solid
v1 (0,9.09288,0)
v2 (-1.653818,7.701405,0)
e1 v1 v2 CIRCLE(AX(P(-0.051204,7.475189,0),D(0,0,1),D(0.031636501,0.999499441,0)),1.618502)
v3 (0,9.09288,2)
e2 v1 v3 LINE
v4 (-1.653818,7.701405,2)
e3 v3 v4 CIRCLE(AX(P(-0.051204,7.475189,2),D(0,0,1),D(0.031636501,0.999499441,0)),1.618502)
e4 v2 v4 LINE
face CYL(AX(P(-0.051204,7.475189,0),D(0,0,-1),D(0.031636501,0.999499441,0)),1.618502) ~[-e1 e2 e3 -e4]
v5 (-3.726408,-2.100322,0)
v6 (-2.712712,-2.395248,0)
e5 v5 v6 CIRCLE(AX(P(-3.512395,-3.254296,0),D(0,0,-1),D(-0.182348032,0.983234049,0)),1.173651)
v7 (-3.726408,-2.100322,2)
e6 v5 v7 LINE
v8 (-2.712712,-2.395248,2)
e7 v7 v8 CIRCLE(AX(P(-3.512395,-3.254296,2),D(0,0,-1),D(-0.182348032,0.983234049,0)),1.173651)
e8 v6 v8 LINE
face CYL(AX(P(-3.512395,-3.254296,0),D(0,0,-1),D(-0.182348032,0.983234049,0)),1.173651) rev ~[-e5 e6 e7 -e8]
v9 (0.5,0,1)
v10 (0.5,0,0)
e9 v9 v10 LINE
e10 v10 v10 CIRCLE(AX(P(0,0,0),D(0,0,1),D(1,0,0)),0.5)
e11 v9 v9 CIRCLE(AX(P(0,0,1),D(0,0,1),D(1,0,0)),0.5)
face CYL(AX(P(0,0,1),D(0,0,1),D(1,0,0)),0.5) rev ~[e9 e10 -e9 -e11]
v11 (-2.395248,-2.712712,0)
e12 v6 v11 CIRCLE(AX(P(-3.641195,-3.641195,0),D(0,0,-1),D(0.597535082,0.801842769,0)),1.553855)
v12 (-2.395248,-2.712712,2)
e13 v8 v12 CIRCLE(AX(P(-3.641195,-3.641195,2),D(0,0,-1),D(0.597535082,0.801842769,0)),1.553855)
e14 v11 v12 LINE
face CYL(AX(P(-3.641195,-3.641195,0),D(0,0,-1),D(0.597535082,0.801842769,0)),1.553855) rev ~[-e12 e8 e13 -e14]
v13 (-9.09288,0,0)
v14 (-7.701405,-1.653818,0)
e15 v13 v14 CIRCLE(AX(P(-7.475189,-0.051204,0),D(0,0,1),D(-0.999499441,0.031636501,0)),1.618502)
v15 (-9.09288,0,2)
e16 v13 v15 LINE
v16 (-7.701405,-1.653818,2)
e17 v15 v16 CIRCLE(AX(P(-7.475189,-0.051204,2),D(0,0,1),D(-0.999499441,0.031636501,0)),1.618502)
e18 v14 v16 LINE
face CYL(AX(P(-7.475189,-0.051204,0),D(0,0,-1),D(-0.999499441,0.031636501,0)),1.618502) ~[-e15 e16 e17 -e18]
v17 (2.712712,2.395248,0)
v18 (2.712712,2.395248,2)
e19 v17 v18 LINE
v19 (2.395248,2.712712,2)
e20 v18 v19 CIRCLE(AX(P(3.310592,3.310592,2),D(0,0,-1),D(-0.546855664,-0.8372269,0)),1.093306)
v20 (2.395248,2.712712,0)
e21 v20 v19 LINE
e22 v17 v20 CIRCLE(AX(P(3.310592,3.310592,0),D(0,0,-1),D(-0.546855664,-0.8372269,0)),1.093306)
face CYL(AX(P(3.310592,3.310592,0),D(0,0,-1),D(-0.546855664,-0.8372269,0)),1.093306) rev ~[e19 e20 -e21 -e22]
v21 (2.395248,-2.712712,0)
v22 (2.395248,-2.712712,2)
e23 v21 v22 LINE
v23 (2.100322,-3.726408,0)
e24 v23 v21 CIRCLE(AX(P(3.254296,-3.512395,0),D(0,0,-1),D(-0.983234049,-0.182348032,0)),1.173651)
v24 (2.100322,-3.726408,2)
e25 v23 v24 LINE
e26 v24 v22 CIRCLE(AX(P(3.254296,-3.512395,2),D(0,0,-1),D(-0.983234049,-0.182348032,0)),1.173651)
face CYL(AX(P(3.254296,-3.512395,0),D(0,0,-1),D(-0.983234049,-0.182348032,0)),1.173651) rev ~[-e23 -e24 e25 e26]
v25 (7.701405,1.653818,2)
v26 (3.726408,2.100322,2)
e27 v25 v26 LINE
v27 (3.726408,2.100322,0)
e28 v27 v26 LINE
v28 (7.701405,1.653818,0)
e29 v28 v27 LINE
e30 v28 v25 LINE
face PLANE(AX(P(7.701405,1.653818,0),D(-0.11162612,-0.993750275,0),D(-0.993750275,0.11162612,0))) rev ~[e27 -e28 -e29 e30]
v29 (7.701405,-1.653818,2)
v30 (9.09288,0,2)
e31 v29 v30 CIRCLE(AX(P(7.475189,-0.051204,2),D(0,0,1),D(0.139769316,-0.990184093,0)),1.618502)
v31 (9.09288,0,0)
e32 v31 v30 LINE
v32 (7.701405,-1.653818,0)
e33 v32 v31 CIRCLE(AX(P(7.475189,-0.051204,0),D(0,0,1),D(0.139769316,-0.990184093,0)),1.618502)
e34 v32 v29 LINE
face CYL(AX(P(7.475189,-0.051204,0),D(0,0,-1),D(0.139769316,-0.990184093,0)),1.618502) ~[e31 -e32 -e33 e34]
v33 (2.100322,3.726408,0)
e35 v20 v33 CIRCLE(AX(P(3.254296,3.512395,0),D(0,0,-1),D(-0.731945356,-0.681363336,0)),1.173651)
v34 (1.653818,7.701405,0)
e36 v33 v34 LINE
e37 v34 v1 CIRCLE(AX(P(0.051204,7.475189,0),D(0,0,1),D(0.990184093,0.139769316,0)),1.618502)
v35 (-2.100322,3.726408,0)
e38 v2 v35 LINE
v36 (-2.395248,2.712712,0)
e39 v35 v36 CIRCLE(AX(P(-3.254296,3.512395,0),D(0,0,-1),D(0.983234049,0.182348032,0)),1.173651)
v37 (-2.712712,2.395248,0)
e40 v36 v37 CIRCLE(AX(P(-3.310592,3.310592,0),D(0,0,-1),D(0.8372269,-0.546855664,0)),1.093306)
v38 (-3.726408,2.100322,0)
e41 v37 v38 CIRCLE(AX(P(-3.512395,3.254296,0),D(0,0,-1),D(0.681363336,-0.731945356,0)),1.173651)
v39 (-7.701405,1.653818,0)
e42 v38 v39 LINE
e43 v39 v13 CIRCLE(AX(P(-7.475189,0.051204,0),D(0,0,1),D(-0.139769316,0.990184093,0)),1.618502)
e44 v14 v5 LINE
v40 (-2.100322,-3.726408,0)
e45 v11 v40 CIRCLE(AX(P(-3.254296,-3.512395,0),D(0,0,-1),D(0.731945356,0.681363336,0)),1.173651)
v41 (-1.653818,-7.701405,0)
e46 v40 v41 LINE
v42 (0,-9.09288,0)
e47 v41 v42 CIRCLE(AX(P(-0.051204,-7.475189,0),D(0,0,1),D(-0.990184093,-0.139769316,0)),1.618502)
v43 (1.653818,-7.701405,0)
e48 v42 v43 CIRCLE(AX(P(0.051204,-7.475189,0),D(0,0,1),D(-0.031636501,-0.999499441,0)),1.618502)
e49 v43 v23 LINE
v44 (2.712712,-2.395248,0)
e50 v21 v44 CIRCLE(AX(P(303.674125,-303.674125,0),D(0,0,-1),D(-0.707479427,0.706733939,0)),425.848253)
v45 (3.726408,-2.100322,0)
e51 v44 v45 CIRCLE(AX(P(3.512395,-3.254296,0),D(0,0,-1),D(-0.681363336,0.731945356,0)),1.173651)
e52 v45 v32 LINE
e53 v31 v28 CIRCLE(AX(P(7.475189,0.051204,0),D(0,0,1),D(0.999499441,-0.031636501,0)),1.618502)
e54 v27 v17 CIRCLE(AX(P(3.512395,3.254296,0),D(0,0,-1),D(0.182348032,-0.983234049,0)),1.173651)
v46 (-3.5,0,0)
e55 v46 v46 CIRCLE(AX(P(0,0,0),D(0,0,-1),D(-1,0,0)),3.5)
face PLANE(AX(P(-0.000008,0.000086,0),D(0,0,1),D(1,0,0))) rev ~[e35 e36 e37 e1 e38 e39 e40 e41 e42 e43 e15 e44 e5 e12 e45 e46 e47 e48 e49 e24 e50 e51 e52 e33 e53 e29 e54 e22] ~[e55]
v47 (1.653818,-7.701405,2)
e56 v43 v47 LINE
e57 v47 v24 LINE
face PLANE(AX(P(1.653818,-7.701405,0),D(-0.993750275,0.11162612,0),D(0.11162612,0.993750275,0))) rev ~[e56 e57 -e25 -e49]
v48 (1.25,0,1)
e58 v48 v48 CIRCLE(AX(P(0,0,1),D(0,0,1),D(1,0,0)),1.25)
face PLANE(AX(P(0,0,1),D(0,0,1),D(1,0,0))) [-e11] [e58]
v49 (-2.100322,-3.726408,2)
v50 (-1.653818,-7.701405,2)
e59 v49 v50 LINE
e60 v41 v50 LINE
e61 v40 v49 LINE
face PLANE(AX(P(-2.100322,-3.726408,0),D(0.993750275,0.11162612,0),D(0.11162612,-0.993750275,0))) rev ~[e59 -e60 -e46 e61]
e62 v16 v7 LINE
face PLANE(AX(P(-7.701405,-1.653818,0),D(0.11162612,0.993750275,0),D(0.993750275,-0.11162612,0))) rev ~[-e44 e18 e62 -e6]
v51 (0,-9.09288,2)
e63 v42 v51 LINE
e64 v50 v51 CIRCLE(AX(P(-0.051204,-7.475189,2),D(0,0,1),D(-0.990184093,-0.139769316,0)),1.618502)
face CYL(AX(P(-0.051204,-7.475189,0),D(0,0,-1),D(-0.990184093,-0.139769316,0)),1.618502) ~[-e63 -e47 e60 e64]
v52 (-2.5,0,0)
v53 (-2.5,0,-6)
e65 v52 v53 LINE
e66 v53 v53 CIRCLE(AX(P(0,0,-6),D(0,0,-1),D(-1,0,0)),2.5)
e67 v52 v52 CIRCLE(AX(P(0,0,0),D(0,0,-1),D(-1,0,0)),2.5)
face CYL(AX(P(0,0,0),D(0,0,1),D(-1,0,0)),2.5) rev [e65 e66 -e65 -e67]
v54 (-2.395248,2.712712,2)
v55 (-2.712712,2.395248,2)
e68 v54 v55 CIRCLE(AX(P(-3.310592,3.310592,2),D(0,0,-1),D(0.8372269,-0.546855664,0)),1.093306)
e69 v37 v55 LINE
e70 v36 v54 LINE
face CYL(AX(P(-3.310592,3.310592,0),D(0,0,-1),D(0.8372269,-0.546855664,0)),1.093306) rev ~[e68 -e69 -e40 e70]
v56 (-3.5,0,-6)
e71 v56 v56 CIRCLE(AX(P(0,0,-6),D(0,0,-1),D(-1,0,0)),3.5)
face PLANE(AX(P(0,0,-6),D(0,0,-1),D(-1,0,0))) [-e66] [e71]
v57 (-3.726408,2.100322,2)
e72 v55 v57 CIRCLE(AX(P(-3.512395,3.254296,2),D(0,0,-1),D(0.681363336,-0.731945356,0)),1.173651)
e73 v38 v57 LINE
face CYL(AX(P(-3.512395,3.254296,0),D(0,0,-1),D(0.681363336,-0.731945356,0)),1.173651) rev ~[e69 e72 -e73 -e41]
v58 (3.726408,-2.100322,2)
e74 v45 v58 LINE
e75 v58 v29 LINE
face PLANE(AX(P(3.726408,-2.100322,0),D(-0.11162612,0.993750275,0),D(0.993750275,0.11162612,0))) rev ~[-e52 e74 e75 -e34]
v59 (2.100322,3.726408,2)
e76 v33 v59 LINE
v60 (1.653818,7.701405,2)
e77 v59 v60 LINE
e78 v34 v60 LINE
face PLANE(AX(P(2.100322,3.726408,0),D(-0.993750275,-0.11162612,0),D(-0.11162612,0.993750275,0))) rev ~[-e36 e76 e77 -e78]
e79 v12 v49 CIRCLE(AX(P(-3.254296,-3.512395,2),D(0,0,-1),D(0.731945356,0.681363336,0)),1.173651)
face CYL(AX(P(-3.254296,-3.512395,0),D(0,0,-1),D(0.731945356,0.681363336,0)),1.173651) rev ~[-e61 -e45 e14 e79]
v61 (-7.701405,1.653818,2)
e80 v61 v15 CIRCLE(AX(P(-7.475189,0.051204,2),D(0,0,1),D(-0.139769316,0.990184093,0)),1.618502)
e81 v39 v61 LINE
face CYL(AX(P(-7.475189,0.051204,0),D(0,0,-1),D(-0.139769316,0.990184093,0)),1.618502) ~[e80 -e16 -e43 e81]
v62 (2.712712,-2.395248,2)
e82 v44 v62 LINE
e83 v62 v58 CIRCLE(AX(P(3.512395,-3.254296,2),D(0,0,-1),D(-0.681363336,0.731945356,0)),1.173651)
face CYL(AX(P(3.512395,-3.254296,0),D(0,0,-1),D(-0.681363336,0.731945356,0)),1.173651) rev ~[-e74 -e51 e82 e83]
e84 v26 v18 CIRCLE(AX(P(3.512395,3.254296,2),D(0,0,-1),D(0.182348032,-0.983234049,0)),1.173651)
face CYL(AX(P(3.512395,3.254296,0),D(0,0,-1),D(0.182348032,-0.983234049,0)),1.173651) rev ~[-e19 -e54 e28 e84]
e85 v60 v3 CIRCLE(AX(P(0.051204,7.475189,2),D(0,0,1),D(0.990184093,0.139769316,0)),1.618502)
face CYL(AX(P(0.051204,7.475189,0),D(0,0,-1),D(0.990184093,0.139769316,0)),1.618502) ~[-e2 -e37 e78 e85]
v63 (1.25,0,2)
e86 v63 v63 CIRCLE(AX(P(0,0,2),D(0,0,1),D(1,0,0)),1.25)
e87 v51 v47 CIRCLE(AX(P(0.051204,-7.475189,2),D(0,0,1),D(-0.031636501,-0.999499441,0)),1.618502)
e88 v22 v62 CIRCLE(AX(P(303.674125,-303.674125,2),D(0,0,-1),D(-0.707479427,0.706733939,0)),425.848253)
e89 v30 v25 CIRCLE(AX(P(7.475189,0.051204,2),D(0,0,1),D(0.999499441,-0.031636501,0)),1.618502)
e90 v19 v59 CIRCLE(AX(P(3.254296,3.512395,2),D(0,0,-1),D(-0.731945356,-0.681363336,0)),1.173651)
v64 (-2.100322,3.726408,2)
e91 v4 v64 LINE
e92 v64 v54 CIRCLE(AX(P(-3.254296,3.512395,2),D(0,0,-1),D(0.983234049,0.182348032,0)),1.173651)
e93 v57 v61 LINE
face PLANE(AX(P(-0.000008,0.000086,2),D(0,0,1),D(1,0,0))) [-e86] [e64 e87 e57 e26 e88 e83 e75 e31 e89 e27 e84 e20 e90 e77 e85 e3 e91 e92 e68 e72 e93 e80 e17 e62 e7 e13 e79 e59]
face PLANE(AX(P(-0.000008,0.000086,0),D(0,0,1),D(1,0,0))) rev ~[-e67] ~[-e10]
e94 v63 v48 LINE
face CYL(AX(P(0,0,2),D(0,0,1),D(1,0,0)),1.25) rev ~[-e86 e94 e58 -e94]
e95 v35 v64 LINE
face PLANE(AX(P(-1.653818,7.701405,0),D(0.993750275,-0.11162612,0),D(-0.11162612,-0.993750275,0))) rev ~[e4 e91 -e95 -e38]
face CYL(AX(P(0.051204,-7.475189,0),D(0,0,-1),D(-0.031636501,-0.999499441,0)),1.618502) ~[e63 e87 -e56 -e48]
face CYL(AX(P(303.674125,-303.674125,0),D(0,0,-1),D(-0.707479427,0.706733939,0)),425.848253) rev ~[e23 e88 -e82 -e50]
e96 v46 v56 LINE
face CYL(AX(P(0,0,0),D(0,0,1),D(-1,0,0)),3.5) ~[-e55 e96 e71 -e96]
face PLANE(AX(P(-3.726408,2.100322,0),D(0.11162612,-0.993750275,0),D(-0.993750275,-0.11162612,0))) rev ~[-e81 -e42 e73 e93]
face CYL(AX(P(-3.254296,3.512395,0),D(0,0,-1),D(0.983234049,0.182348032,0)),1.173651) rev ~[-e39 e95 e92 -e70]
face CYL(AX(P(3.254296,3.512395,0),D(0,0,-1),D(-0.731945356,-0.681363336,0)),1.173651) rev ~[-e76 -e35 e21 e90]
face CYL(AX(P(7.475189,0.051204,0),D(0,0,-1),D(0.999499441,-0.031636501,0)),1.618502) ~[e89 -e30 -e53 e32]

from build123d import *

# Parameters (mm, degrees)
BOSS_EXTRUDE1_DEPTH = 2
SKETCH2_R           = 3.5
SKETCH2_R_2         = 2.5
BOSS_EXTRUDE2_DEPTH = 6
SKETCH3_R           = 1.25
CUT_EXTRUDE1_DEPTH  = 1
SKETCH4_R           = 0.5
CUT_EXTRUDE2_DEPTH  = 1


with BuildPart() as part:
    # Sketch1 → Boss-Extrude1 (new body)
    with BuildSketch(Plane.XY):
        with BuildLine():
            Line((1.653818246, -7.701405378), (2.100322305, -3.726408024))
            ThreePointArc((2.100322305, -3.726408024), (2.127371286, -3.184526841), (2.395247592, -2.712712102))
            ThreePointArc((2.395247592, -2.712712102), (2.55393801, -2.55393801), (2.712712102, -2.395247592))
            ThreePointArc((2.712712102, -2.395247592), (3.184526841, -2.127371286), (3.726408024, -2.100322305))
            Line((3.726408024, -2.100322305), (7.701405378, -1.653818246))
            ThreePointArc((7.701405378, -1.653818246), (8.713646486, -1.093206236), (9.092879943, 0))
            ThreePointArc((9.092879943, 0), (8.713646486, 1.093206236), (7.701405378, 1.653818246))
            Line((7.701405378, 1.653818246), (3.726408024, 2.100322305))
            ThreePointArc((3.726408024, 2.100322305), (3.184526841, 2.127371286), (2.712712102, 2.395247592))
            ThreePointArc((2.712712102, 2.395247592), (2.537508652, 2.537508652), (2.395247592, 2.712712102))
            ThreePointArc((2.395247592, 2.712712102), (2.127371286, 3.184526841), (2.100322305, 3.726408024))
            Line((2.100322305, 3.726408024), (1.653818246, 7.701405378))
            ThreePointArc((1.653818246, 7.701405378), (1.093206236, 8.713646486), (0, 9.092879943))
            ThreePointArc((0, 9.092879943), (-1.093206236, 8.713646486), (-1.653818246, 7.701405378))
            Line((-1.653818246, 7.701405378), (-2.100322305, 3.726408024))
            ThreePointArc((-2.100322305, 3.726408024), (-2.127371286, 3.184526841), (-2.395247592, 2.712712102))
            ThreePointArc((-2.395247592, 2.712712102), (-2.537508652, 2.537508652), (-2.712712102, 2.395247592))
            ThreePointArc((-2.712712102, 2.395247592), (-3.184526841, 2.127371286), (-3.726408024, 2.100322305))
            Line((-3.726408024, 2.100322305), (-7.701405378, 1.653818246))
            ThreePointArc((-7.701405378, 1.653818246), (-8.713646486, 1.093206236), (-9.092879943, 0))
            ThreePointArc((-9.092879943, 0), (-8.713646486, -1.093206236), (-7.701405378, -1.653818246))
            Line((-7.701405378, -1.653818246), (-3.726408024, -2.100322305))
            ThreePointArc((-3.726408024, -2.100322305), (-3.184526841, -2.127371286), (-2.712712102, -2.395247592))
            ThreePointArc((-2.712712102, -2.395247592), (-2.542453575, -2.542453575), (-2.395247592, -2.712712102))
            ThreePointArc((-2.395247592, -2.712712102), (-2.127371286, -3.184526841), (-2.100322305, -3.726408024))
            Line((-2.100322305, -3.726408024), (-1.653818246, -7.701405378))
            ThreePointArc((-1.653818246, -7.701405378), (-1.093206236, -8.713646486), (0, -9.092879943))
            ThreePointArc((0, -9.092879943), (1.093206236, -8.713646486), (1.653818246, -7.701405378))
        make_face()
    extrude(amount=BOSS_EXTRUDE1_DEPTH)

    # Sketch2 → Boss-Extrude2 (add)
    with BuildSketch(Plane(origin=(0, 0, 0), x_dir=(-1, 0, 0), z_dir=(0, 0, -1))):
        Circle(SKETCH2_R)
        Circle(SKETCH2_R_2, mode=Mode.SUBTRACT)
    extrude(amount=BOSS_EXTRUDE2_DEPTH)

    # Sketch3 → Cut-Extrude1 (cut)
    with BuildSketch(Plane.XY.offset(2)):
        Circle(SKETCH3_R)
    extrude(amount=-CUT_EXTRUDE1_DEPTH, mode=Mode.SUBTRACT)

    # Sketch4 → Cut-Extrude2 (cut)
    with BuildSketch(Plane.XY.offset(1)):
        Circle(SKETCH4_R)
    extrude(amount=-CUT_EXTRUDE2_DEPTH, mode=Mode.SUBTRACT)


solid = part.part
